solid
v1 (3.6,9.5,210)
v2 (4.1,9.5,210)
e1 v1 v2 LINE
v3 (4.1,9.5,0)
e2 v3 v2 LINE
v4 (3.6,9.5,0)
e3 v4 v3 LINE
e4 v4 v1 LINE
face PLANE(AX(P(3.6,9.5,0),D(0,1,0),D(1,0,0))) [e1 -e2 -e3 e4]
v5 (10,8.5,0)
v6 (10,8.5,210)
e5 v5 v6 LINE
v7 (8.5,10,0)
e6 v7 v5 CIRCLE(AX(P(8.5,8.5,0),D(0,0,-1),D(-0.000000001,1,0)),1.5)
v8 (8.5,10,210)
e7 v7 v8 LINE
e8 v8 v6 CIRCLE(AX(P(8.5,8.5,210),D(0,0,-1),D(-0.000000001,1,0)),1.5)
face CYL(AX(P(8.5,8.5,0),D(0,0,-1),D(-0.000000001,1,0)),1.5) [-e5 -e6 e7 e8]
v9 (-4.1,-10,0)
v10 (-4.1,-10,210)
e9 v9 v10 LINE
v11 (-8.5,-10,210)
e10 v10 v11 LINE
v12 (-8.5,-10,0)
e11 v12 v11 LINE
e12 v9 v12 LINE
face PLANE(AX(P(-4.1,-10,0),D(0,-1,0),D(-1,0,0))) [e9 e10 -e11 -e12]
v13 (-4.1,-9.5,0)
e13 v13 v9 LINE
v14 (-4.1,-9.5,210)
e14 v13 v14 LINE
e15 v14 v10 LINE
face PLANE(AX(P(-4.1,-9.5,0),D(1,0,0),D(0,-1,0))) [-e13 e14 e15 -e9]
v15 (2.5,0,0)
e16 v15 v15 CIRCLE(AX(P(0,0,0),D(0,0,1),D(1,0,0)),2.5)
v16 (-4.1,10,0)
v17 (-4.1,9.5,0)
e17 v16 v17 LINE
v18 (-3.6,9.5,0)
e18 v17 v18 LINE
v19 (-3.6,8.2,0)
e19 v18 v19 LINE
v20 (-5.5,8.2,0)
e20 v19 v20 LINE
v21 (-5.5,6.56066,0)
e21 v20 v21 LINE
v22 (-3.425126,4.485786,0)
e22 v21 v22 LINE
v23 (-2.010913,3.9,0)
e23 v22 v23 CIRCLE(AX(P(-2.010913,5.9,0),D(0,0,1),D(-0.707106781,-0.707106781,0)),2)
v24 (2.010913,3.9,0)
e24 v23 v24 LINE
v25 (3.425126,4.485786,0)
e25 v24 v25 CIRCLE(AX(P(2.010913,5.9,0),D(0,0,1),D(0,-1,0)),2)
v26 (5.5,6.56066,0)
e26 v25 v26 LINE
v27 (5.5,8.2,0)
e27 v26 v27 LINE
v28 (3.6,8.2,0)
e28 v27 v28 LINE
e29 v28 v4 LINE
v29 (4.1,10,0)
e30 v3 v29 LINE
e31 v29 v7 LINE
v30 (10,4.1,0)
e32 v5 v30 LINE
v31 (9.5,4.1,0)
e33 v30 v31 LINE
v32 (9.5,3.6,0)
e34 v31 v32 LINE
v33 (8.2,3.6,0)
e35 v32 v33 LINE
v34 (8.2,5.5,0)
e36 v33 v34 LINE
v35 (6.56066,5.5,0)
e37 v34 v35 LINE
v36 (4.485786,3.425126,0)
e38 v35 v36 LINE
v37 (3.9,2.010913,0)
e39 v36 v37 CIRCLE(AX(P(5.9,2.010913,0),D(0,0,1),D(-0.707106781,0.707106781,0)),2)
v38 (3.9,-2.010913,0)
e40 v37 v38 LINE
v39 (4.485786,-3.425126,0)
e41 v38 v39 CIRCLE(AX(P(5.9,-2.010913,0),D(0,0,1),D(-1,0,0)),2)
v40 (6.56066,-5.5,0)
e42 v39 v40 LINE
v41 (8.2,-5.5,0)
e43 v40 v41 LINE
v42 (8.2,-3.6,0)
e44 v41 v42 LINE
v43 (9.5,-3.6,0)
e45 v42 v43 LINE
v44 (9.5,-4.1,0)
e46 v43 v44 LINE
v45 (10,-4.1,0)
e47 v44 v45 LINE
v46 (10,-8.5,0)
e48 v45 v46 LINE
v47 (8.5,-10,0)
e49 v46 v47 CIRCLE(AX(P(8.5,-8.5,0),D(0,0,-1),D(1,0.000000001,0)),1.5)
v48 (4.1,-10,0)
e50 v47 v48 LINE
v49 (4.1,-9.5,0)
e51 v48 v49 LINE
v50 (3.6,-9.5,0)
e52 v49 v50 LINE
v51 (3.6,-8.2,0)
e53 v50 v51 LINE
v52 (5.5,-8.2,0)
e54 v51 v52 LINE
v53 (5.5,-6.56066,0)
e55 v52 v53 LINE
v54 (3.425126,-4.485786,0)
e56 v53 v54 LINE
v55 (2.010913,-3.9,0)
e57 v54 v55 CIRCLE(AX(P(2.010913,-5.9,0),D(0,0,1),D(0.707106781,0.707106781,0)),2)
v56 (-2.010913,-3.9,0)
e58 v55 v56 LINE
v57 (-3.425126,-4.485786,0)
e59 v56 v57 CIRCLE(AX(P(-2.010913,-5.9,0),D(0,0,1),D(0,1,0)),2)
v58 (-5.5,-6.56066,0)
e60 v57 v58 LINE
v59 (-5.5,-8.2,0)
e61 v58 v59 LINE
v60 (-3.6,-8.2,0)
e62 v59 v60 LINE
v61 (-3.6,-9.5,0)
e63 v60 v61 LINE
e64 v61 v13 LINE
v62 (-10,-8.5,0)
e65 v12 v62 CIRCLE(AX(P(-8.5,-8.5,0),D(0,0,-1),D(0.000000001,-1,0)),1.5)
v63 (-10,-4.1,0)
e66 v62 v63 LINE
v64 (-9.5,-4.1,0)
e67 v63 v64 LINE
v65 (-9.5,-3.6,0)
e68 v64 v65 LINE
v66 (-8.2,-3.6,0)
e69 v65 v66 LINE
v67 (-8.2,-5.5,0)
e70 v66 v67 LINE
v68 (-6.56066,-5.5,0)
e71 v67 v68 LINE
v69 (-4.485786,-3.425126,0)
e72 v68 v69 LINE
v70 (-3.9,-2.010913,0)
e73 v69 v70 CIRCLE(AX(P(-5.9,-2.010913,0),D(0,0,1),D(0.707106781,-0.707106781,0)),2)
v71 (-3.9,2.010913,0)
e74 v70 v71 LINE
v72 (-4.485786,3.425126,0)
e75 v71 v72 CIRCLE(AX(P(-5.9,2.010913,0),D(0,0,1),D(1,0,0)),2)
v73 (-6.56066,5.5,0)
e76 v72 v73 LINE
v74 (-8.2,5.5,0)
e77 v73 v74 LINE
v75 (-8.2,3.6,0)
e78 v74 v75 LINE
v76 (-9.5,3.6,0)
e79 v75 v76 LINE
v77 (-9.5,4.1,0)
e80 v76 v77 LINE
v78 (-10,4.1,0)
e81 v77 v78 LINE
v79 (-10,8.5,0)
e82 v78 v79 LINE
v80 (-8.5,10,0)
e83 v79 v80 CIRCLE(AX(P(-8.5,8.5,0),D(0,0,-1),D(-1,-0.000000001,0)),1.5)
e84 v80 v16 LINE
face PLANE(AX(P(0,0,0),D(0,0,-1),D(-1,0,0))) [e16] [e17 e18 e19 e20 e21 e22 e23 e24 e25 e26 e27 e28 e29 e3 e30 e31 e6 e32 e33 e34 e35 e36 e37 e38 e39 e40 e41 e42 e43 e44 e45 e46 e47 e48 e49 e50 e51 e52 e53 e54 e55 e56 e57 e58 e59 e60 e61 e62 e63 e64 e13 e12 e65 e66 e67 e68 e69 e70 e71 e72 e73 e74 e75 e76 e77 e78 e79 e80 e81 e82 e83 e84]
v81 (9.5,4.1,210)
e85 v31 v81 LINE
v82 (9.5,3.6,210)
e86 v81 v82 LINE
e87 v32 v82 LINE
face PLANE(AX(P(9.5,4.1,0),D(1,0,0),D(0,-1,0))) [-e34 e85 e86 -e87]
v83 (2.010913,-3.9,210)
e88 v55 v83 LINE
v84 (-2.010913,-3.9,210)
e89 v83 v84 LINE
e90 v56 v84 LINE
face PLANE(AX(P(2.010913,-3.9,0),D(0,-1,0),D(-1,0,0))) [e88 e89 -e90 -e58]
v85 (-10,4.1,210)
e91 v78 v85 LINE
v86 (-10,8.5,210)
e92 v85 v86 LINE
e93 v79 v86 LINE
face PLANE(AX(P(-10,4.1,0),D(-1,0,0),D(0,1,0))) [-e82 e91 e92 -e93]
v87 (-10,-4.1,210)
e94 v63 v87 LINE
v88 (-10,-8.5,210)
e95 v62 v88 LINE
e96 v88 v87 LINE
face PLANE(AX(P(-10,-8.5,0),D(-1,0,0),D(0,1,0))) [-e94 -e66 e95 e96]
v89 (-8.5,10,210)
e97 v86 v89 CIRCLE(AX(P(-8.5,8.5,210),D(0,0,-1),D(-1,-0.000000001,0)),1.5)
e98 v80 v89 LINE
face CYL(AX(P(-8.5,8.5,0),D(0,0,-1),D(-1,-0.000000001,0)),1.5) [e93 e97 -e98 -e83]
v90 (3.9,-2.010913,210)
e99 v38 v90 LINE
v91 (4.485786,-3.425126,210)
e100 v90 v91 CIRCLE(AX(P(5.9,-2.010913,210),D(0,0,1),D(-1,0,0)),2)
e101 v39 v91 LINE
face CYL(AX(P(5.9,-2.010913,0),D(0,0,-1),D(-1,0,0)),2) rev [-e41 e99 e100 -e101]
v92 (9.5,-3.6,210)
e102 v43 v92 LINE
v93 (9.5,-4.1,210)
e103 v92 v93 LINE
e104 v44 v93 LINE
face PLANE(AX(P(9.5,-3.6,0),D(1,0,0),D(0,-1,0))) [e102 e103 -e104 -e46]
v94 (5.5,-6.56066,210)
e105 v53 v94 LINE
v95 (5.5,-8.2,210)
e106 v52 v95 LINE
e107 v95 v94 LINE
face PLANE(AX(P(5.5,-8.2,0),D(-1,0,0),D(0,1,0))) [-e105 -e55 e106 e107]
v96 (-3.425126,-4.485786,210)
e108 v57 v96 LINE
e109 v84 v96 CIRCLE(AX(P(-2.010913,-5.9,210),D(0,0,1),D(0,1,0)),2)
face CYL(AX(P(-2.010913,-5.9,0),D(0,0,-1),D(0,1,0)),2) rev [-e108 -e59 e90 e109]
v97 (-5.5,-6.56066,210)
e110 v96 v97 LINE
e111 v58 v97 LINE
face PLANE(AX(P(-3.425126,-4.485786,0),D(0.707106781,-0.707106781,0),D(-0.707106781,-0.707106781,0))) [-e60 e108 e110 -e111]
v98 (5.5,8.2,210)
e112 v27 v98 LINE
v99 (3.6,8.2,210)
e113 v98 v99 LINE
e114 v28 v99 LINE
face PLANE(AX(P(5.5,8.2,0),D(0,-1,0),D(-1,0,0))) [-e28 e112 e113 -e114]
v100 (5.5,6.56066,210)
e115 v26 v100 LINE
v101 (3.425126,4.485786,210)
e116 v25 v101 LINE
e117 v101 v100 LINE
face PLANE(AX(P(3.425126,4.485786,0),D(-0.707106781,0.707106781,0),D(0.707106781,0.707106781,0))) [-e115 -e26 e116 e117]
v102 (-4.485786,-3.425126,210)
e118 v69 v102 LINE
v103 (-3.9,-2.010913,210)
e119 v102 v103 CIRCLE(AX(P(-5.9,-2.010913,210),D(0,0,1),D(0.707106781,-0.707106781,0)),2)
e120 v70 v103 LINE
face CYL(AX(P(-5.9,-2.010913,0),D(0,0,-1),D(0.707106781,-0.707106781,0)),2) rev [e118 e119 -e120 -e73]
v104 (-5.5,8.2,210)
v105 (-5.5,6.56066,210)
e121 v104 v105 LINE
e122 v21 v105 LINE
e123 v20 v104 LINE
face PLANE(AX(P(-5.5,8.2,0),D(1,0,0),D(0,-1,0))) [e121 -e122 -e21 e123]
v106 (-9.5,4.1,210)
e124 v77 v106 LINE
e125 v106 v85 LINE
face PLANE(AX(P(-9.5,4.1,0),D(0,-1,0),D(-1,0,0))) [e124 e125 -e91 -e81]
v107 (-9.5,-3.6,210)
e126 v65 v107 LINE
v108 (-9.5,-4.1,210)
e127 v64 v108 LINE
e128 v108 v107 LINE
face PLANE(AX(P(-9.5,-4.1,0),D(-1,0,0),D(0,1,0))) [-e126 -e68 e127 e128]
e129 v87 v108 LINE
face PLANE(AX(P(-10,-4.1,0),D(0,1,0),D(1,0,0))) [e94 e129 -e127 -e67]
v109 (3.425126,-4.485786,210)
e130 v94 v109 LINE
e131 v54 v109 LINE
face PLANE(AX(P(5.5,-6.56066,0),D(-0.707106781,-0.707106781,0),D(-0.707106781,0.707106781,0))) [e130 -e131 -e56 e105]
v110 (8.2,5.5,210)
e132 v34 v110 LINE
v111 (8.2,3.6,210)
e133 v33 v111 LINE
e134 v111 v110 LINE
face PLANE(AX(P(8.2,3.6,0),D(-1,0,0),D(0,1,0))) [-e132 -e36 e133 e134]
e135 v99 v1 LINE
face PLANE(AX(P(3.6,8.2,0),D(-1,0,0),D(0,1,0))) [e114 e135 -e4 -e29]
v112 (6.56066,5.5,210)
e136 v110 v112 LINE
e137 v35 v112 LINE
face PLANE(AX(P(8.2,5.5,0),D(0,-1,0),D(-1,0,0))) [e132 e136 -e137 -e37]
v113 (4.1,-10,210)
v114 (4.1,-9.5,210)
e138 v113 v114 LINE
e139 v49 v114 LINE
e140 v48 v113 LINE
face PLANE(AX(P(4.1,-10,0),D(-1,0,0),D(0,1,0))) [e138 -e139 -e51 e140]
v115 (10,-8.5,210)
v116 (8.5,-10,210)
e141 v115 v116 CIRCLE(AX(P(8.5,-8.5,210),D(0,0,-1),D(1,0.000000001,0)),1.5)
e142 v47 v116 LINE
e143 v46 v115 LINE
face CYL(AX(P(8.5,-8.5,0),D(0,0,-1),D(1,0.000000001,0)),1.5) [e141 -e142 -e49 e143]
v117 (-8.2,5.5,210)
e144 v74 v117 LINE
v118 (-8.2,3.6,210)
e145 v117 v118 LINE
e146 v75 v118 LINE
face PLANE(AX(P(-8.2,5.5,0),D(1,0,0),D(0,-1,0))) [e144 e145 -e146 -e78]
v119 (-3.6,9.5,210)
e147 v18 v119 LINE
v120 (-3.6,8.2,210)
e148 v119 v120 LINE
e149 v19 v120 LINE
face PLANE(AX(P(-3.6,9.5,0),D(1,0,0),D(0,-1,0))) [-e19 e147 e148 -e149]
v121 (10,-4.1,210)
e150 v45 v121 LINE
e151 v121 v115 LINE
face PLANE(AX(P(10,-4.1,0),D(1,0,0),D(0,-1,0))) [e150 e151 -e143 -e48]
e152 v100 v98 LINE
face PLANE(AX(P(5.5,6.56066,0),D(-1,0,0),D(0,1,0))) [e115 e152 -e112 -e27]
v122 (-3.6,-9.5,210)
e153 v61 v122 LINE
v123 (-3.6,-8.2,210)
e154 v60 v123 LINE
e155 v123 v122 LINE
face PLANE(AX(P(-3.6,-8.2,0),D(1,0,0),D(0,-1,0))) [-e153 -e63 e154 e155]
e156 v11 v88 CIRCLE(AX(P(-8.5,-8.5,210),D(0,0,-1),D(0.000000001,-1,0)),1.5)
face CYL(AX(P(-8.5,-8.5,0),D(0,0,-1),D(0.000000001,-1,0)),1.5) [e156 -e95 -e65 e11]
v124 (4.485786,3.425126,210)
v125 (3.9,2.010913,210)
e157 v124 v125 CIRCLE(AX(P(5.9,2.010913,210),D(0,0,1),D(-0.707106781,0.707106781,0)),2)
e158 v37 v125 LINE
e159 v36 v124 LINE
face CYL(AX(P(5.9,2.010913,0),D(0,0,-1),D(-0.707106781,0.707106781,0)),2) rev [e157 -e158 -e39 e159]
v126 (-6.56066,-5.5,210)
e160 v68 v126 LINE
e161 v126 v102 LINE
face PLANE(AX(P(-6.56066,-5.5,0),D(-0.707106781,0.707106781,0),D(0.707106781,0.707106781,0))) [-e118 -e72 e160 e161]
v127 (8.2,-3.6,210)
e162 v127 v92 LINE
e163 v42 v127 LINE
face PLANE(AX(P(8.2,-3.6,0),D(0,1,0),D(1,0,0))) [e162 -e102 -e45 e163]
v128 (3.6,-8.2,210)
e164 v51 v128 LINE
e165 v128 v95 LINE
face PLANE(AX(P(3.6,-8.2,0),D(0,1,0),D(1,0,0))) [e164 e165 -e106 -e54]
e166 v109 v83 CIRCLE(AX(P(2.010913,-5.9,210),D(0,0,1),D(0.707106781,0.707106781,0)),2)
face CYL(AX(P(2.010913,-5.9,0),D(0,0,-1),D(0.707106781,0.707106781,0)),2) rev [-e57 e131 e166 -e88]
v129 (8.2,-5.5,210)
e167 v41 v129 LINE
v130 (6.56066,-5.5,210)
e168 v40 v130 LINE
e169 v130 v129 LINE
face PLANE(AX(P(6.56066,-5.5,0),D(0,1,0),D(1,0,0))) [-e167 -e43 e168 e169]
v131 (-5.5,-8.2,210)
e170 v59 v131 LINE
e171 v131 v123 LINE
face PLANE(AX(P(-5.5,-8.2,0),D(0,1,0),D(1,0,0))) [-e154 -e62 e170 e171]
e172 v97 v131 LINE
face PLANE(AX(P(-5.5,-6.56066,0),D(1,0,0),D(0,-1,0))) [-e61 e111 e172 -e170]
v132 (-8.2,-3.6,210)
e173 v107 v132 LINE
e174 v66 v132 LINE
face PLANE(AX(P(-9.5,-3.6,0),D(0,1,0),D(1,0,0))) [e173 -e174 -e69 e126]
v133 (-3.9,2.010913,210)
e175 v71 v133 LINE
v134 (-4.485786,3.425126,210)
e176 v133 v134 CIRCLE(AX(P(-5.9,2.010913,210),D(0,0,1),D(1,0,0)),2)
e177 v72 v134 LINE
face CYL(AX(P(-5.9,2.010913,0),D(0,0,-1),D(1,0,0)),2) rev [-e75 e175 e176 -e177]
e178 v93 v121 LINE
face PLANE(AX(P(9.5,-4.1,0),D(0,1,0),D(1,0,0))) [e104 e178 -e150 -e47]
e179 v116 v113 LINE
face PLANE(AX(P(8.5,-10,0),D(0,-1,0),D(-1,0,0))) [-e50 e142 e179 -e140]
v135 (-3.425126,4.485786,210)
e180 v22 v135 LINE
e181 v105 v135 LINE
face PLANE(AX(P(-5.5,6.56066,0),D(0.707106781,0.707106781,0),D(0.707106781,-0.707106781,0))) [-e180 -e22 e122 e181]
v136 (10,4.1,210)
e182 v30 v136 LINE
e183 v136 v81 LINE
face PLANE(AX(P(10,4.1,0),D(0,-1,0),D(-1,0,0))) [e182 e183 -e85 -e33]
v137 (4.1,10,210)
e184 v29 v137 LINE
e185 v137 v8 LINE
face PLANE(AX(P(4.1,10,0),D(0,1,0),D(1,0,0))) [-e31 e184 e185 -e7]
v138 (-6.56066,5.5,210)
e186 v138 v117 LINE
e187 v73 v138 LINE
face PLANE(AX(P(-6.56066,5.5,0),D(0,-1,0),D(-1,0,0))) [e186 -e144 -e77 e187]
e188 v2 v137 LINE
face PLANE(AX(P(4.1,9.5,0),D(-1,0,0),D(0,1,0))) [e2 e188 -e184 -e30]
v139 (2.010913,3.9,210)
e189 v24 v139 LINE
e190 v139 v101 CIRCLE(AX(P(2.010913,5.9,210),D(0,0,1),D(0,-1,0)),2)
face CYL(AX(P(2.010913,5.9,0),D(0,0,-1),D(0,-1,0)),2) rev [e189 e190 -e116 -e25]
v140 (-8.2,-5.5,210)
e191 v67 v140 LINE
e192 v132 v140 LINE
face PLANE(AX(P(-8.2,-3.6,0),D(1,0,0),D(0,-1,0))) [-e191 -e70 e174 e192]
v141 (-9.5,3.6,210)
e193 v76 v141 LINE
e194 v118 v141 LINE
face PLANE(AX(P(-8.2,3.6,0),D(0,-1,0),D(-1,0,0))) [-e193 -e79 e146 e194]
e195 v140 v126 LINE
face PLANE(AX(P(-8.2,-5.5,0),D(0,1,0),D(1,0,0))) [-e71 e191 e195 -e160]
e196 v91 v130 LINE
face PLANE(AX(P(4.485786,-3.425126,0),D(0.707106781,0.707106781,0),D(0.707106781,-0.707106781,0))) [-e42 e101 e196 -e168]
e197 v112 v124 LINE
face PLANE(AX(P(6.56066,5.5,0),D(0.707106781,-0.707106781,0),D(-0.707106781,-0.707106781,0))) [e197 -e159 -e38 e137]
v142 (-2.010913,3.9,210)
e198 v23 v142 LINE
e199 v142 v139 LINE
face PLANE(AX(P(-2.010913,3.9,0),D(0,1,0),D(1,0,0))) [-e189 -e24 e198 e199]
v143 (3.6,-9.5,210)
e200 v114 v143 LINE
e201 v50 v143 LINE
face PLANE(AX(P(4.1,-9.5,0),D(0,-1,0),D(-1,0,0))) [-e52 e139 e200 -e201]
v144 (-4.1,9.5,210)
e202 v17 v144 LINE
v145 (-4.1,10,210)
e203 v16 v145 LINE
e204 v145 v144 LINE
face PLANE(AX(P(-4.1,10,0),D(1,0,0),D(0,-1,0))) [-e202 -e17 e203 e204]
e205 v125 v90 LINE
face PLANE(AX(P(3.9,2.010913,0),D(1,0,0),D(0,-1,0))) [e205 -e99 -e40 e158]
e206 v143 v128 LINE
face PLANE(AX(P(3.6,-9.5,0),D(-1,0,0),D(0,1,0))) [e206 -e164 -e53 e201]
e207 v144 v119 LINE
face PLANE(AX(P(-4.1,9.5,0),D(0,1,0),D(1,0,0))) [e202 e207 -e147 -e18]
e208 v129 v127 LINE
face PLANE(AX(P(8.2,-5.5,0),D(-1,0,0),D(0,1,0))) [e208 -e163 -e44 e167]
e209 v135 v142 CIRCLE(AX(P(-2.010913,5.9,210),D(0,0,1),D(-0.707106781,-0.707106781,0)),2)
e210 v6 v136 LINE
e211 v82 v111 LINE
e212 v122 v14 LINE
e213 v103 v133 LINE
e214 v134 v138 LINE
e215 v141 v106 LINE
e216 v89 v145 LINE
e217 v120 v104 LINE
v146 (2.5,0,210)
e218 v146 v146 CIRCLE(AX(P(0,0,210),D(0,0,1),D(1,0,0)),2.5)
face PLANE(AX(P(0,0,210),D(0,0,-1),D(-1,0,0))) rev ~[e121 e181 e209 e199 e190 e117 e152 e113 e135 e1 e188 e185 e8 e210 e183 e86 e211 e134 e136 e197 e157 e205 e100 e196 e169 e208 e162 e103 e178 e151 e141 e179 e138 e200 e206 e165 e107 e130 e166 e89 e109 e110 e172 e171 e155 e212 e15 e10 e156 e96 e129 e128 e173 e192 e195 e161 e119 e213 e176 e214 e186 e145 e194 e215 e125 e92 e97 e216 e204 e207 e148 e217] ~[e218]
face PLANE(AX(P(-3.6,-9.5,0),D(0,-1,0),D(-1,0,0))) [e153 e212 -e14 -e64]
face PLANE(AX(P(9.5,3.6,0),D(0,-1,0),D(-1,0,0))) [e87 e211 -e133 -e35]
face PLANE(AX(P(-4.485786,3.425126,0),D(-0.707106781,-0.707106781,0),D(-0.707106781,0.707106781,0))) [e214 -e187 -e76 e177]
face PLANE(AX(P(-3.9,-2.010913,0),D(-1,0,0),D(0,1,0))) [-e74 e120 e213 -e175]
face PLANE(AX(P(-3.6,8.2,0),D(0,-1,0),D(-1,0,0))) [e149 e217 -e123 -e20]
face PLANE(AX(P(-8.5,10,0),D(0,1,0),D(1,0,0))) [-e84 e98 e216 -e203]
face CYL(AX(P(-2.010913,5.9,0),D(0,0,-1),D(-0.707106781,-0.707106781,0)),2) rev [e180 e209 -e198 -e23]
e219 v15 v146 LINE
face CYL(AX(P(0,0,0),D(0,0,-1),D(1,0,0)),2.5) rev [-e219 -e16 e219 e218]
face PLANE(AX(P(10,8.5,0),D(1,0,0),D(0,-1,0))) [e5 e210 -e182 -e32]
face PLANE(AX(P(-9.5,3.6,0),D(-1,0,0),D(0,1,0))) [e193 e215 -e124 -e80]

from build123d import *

# Parameters (mm, degrees)
SKETCH1_R           = 2.5
BOSS_EXTRUDE2_DEPTH = 210


with BuildPart() as part:
    # Sketch1 → Boss-Extrude2 (new body)
    with BuildSketch(Plane.XY):
        with BuildLine():
            Line((10, -4.1), (10, -8.5))
            ThreePointArc((10, -8.5), (9.560660172, -9.560660172), (8.5, -10))
            Line((8.5, -10), (4.1, -10))
            Line((4.1, -10), (4.1, -9.5))
            Line((4.1, -9.5), (3.6, -9.5))
            Line((3.6, -9.5), (3.6, -8.2))
            Line((3.6, -8.2), (5.5, -8.2))
            Line((5.5, -8.2), (5.5, -6.560660172))
            Line((5.5, -6.560660172), (3.425126266, -4.485786438))
            ThreePointArc((3.425126266, -4.485786438), (2.776279568, -4.052240935), (2.010912703, -3.9))
            Line((2.010912703, -3.9), (-2.010912703, -3.9))
            ThreePointArc((-2.010912703, -3.9), (-2.776279568, -4.052240935), (-3.425126266, -4.485786438))
            Line((-3.425126266, -4.485786438), (-5.5, -6.560660172))
            Line((-5.5, -6.560660172), (-5.5, -8.2))
            Line((-5.5, -8.2), (-3.6, -8.2))
            Line((-3.6, -8.2), (-3.6, -9.5))
            Line((-3.6, -9.5), (-4.1, -9.5))
            Line((-4.1, -9.5), (-4.1, -10))
            Line((-4.1, -10), (-8.5, -10))
            ThreePointArc((-8.5, -10), (-9.560660172, -9.560660172), (-10, -8.5))
            Line((-10, -8.5), (-10, -4.1))
            Line((-10, -4.1), (-9.5, -4.1))
            Line((-9.5, -4.1), (-9.5, -3.6))
            Line((-9.5, -3.6), (-8.2, -3.6))
            Line((-8.2, -3.6), (-8.2, -5.5))
            Line((-8.2, -5.5), (-6.560660172, -5.5))
            Line((-6.560660172, -5.5), (-4.485786438, -3.425126266))
            ThreePointArc((-4.485786438, -3.425126266), (-4.052240935, -2.776279568), (-3.9, -2.010912703))
            Line((-3.9, -2.010912703), (-3.9, 2.010912703))
            ThreePointArc((-3.9, 2.010912703), (-4.052240935, 2.776279568), (-4.485786438, 3.425126266))
            Line((-4.485786438, 3.425126266), (-6.560660172, 5.5))
            Line((-6.560660172, 5.5), (-8.2, 5.5))
            Line((-8.2, 5.5), (-8.2, 3.6))
            Line((-8.2, 3.6), (-9.5, 3.6))
            Line((-9.5, 3.6), (-9.5, 4.1))
            Line((-9.5, 4.1), (-10, 4.1))
            Line((-10, 4.1), (-10, 8.5))
            ThreePointArc((-10, 8.5), (-9.560660172, 9.560660172), (-8.5, 10))
            Line((-8.5, 10), (-4.1, 10))
            Line((-4.1, 10), (-4.1, 9.5))
            Line((-4.1, 9.5), (-3.6, 9.5))
            Line((-3.6, 9.5), (-3.6, 8.2))
            Line((-3.6, 8.2), (-5.5, 8.2))
            Line((-5.5, 8.2), (-5.5, 6.560660172))
            Line((-5.5, 6.560660172), (-3.425126266, 4.485786438))
            ThreePointArc((-3.425126266, 4.485786438), (-2.776279568, 4.052240935), (-2.010912703, 3.9))
            Line((-2.010912703, 3.9), (2.010912703, 3.9))
            ThreePointArc((2.010912703, 3.9), (2.776279568, 4.052240935), (3.425126266, 4.485786438))
            Line((3.425126266, 4.485786438), (5.5, 6.560660172))
            Line((5.5, 6.560660172), (5.5, 8.2))
            Line((5.5, 8.2), (3.6, 8.2))
            Line((3.6, 8.2), (3.6, 9.5))
            Line((3.6, 9.5), (4.1, 9.5))
            Line((4.1, 9.5), (4.1, 10))
            Line((4.1, 10), (8.5, 10))
            ThreePointArc((8.5, 10), (9.560660172, 9.560660172), (10, 8.5))
            Line((10, 8.5), (10, 4.1))
            Line((10, 4.1), (9.5, 4.1))
            Line((9.5, 4.1), (9.5, 3.6))
            Line((9.5, 3.6), (8.2, 3.6))
            Line((8.2, 3.6), (8.2, 5.5))
            Line((8.2, 5.5), (6.560660172, 5.5))
            Line((6.560660172, 5.5), (4.485786438, 3.425126266))
            ThreePointArc((4.485786438, 3.425126266), (4.052240935, 2.776279568), (3.9, 2.010912703))
            Line((3.9, 2.010912703), (3.9, -2.010912703))
            ThreePointArc((3.9, -2.010912703), (4.052240935, -2.776279568), (4.485786438, -3.425126266))
            Line((4.485786438, -3.425126266), (6.560660172, -5.5))
            Line((6.560660172, -5.5), (8.2, -5.5))
            Line((8.2, -5.5), (8.2, -3.6))
            Line((8.2, -3.6), (9.5, -3.6))
            Line((9.5, -3.6), (9.5, -4.1))
            Line((9.5, -4.1), (10, -4.1))
        make_face()
        Circle(SKETCH1_R, mode=Mode.SUBTRACT)
    extrude(amount=BOSS_EXTRUDE2_DEPTH)


solid = part.part
